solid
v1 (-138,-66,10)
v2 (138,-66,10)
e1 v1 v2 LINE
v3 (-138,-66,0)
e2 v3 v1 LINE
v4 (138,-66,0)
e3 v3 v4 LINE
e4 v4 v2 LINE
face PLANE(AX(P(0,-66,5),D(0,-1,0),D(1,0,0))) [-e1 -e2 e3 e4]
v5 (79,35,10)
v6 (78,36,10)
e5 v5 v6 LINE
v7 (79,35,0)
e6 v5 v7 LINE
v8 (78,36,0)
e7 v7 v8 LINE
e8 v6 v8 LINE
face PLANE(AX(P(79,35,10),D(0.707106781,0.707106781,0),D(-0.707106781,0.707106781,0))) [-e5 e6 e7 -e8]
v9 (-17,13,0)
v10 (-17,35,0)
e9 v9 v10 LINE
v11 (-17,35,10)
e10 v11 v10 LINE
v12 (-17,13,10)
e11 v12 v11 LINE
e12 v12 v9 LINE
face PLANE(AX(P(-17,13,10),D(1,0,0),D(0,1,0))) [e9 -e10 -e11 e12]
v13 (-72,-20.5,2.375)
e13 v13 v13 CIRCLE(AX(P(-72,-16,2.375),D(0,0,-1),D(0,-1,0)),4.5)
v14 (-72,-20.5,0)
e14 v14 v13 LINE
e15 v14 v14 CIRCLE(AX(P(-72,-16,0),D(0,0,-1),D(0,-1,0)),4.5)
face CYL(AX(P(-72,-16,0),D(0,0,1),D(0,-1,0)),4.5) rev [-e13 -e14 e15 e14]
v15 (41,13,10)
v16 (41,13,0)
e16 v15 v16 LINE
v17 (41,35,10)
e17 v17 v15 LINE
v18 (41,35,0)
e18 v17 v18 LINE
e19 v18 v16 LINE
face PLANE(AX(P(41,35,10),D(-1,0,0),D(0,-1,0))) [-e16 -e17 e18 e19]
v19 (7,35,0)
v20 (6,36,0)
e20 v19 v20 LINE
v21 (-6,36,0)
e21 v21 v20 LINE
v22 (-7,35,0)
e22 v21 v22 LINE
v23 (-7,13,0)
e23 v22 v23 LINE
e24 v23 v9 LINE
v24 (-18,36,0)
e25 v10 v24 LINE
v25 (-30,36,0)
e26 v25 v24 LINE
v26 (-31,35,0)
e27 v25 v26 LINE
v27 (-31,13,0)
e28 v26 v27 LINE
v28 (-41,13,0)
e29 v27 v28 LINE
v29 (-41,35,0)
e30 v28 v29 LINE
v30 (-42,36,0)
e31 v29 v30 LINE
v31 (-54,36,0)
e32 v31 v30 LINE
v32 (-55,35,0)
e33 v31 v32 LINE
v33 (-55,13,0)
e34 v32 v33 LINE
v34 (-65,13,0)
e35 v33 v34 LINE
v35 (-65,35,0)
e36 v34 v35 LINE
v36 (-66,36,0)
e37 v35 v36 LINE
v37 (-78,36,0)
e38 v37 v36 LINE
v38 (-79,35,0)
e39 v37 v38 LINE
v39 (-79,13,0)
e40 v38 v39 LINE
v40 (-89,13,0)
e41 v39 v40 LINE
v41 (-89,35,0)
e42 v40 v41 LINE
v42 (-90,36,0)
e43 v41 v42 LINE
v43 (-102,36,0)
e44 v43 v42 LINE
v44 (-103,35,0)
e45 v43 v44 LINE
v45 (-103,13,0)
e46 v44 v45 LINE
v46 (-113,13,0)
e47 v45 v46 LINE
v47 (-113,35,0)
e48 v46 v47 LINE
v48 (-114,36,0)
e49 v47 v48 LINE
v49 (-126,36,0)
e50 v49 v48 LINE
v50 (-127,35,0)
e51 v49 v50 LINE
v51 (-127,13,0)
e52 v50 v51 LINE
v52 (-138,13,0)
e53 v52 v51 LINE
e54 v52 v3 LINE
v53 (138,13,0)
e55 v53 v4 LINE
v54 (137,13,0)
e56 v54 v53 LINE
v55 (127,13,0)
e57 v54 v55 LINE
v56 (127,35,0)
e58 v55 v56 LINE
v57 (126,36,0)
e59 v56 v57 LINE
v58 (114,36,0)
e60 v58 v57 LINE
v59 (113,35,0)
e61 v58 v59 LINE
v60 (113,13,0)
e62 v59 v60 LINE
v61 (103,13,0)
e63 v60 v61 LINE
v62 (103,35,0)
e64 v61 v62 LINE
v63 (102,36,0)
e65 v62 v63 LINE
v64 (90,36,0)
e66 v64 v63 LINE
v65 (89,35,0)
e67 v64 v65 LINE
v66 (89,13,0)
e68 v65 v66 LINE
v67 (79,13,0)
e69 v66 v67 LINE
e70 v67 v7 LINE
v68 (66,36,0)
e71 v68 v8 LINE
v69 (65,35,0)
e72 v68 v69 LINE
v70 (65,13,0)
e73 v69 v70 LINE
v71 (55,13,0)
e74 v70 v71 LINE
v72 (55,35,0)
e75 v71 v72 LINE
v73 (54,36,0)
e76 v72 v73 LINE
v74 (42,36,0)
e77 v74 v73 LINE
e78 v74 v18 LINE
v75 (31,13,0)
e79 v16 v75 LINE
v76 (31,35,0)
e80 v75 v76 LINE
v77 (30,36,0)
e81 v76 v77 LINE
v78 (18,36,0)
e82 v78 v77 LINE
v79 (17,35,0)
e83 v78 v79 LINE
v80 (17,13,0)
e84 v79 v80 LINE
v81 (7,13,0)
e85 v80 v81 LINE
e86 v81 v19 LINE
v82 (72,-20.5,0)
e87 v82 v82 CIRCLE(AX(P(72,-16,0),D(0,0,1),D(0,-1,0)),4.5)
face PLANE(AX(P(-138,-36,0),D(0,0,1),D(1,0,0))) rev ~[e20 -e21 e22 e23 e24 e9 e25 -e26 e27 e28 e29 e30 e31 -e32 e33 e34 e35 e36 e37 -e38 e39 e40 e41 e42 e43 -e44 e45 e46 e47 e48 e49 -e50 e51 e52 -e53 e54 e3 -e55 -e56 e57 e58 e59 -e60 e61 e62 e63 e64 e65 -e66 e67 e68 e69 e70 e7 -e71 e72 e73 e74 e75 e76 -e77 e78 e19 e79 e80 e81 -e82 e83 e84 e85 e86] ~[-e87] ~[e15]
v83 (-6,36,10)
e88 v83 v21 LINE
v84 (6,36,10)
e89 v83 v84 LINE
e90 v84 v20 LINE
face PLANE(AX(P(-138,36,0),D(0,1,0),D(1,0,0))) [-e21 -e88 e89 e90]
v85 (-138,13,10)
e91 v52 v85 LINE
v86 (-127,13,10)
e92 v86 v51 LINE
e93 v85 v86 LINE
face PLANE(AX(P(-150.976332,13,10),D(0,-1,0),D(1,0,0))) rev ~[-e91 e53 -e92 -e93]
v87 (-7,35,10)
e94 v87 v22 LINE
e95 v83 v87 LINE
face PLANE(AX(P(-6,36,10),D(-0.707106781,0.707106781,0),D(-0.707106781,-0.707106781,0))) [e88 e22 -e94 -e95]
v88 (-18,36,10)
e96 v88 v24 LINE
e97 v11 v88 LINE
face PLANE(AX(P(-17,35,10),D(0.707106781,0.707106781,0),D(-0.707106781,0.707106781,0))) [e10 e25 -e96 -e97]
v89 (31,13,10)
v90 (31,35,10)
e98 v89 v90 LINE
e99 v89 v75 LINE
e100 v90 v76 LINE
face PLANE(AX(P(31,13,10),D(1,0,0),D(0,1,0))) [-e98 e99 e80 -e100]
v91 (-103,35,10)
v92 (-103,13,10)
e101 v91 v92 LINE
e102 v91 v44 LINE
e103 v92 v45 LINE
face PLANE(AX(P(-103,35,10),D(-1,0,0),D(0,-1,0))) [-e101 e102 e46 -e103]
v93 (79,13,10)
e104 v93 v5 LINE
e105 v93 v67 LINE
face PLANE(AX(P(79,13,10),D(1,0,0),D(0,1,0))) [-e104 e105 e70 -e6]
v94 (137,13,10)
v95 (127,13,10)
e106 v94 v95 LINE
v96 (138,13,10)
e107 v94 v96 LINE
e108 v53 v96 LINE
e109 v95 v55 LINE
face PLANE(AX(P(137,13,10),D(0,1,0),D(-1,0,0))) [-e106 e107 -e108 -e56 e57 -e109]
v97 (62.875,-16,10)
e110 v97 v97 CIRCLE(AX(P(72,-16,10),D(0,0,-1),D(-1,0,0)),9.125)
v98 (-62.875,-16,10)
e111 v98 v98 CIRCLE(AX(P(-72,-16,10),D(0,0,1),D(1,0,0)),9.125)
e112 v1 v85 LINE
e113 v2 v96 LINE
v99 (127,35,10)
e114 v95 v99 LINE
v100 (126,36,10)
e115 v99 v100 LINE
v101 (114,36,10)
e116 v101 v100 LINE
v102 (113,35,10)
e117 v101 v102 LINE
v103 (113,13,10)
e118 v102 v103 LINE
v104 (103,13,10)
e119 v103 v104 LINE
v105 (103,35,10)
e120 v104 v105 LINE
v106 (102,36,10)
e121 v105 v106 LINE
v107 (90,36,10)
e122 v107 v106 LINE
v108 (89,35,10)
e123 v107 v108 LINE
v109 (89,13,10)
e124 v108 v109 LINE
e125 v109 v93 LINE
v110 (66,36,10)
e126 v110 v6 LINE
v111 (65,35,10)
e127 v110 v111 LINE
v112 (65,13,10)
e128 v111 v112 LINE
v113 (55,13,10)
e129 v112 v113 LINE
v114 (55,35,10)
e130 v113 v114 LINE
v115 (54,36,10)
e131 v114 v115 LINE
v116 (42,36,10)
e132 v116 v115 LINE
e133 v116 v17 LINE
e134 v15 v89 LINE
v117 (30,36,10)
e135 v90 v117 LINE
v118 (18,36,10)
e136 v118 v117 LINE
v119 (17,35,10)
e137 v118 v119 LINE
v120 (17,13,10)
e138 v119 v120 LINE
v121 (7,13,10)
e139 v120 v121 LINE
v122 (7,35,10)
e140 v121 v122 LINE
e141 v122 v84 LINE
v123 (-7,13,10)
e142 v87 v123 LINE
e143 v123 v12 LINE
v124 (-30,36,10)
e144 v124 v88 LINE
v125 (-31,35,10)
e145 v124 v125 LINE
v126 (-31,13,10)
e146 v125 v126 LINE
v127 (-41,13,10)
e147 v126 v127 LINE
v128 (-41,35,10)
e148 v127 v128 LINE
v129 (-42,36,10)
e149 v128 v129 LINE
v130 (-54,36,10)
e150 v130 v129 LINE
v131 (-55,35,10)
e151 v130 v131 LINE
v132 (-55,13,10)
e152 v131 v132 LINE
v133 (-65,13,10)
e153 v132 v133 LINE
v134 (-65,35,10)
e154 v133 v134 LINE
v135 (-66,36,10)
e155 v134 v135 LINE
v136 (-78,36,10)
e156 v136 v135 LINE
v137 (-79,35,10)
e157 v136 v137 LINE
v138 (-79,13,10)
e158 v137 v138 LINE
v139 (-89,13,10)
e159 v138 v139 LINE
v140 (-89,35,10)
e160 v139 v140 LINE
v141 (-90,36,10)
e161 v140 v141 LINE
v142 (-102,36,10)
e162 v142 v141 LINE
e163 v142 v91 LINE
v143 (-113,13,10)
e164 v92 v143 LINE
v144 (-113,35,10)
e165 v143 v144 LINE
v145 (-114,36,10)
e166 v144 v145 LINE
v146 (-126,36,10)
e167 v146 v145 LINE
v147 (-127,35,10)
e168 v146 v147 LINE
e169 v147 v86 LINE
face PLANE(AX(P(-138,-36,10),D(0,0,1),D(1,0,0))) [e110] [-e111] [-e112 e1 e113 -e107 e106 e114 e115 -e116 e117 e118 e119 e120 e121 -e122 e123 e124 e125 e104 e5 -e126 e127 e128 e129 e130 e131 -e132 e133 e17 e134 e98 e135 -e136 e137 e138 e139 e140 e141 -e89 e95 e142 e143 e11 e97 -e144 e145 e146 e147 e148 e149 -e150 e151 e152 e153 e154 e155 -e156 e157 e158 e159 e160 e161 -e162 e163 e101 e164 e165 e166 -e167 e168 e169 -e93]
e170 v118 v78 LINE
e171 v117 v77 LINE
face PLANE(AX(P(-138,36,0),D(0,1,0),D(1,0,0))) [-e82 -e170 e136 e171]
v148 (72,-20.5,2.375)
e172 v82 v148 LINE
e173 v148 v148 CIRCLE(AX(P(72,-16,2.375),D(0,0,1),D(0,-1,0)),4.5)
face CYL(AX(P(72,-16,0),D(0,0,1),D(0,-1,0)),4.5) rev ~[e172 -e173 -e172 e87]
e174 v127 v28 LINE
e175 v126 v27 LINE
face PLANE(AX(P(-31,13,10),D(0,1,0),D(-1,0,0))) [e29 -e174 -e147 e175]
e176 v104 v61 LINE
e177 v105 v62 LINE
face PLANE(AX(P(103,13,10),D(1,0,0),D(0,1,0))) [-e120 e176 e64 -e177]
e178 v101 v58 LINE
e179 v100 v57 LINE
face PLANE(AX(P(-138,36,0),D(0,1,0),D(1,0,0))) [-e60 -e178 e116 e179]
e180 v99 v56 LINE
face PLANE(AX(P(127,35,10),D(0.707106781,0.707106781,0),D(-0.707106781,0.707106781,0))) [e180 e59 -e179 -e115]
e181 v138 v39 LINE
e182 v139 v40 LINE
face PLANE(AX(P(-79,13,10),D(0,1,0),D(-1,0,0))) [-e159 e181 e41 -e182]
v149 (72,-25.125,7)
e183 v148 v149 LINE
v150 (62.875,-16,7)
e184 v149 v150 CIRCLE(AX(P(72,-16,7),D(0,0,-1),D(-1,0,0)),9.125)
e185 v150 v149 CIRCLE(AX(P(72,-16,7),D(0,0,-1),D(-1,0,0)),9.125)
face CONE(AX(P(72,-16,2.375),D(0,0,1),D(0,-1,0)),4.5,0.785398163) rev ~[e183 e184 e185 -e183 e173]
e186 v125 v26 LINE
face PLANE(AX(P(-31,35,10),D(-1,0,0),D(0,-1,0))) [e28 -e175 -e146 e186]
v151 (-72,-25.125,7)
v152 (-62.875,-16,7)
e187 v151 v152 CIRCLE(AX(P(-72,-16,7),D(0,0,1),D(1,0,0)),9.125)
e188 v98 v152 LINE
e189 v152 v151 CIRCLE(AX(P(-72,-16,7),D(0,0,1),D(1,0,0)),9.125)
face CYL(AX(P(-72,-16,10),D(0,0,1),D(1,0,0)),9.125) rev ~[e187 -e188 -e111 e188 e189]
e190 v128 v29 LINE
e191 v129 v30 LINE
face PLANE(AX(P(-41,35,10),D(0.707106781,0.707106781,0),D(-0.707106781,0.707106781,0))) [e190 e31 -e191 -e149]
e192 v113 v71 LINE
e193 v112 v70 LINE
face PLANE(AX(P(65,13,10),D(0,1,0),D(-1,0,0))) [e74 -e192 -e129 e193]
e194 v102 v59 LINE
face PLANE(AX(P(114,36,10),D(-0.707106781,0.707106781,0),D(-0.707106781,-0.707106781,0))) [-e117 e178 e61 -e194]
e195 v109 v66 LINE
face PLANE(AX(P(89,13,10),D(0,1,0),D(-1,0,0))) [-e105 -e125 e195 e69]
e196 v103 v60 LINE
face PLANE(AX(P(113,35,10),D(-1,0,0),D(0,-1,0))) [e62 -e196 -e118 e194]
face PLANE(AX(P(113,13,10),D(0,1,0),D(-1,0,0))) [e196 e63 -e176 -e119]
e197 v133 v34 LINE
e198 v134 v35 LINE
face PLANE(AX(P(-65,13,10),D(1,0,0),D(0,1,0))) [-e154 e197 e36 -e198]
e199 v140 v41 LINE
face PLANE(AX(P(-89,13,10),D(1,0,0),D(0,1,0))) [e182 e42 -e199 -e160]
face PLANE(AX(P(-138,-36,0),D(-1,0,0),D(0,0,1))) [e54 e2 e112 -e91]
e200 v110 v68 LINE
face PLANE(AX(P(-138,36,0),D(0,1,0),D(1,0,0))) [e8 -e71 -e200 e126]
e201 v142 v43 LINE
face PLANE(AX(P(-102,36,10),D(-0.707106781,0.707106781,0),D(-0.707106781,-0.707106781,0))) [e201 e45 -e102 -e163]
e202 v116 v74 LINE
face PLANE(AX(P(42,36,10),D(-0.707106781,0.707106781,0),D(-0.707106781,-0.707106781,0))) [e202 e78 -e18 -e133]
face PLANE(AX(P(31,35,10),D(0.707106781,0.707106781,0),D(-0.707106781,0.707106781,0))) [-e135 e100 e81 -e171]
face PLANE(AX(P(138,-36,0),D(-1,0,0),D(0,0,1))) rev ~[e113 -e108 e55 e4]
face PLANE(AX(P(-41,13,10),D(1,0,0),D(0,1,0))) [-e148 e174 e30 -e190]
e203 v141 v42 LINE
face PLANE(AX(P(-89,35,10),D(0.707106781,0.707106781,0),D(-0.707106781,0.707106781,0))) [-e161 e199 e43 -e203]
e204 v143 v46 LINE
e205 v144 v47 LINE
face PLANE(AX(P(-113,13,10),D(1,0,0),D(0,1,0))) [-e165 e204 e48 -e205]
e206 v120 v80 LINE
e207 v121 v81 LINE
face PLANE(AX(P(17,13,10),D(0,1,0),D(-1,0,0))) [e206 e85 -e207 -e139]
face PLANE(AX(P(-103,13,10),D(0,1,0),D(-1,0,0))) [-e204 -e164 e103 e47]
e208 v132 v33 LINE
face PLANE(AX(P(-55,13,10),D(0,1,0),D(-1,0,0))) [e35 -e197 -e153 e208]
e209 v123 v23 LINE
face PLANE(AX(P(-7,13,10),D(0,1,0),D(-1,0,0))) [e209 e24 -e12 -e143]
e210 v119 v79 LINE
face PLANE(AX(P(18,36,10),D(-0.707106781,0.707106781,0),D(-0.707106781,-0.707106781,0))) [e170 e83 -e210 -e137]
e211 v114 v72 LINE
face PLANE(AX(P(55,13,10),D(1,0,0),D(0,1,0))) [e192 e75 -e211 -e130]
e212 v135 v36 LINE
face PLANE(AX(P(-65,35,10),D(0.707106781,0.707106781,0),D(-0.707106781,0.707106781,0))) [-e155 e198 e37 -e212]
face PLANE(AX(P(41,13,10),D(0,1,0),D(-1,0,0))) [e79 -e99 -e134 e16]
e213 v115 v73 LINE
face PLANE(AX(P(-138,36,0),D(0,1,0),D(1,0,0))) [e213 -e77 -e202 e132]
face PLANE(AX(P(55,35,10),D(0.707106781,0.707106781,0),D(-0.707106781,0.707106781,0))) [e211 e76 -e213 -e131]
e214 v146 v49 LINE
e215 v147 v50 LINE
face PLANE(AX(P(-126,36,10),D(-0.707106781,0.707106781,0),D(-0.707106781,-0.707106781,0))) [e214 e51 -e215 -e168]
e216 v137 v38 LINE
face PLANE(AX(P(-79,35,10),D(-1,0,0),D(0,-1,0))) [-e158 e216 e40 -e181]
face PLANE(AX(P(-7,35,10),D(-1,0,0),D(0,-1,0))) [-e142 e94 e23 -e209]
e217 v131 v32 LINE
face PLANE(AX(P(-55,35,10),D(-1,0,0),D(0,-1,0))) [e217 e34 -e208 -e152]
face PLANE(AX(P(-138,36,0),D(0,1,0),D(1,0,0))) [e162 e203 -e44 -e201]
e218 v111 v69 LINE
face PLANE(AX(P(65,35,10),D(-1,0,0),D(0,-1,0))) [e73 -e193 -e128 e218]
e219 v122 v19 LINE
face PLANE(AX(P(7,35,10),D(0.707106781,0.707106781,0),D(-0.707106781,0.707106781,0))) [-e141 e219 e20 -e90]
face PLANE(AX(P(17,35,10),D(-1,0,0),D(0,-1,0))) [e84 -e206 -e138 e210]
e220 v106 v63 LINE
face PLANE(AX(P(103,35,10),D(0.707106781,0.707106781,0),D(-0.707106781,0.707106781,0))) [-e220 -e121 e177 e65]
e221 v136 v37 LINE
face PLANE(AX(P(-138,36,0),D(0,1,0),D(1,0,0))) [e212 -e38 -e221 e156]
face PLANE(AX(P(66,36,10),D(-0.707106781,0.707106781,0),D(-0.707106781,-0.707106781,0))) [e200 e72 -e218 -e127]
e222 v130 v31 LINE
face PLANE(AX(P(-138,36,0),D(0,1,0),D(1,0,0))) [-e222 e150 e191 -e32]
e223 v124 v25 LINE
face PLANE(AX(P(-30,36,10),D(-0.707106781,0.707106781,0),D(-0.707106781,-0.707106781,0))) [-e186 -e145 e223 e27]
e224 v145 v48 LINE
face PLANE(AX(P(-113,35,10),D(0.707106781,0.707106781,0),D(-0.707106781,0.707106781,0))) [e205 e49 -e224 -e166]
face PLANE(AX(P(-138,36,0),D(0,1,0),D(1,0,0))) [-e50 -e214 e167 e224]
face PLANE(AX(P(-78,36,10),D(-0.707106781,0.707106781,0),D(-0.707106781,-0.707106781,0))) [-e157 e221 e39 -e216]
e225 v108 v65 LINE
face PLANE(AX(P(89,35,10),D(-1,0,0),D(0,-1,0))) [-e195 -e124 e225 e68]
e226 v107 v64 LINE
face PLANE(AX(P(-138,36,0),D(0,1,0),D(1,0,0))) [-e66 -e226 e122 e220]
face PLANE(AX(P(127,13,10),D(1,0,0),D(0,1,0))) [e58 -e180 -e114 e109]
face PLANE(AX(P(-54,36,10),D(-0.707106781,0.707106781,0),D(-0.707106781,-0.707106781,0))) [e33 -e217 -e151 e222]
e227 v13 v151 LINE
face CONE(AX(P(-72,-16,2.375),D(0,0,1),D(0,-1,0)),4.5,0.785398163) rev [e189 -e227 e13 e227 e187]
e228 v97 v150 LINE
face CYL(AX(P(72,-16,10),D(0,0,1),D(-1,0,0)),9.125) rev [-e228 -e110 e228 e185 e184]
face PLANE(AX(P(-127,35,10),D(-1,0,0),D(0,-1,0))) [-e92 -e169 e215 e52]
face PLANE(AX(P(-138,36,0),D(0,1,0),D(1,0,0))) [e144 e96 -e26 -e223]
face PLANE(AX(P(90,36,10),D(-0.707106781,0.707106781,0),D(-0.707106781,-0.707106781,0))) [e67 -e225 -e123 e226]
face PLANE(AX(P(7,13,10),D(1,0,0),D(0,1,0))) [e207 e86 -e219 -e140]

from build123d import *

# Parameters (mm, degrees)
SKETCH_1_W                  = 276
SKETCH_1_H                  = 72
EXTRUDE_1_DEPTH             = 10
CUT_EXTRUDE_1_DEPTH         = 10
SKETCH_6_W                  = 276
SKETCH_6_H                  = 10
EXTRUDE_2_DEPTH             = 30
PATTERN_LINEAR_2_COUNT      = 7
PATTERN_LINEAR_2_PITCH      = 24
PATTERN_LINEAR_2_COUNT_DIR2 = 7
PATTERN_LINEAR_2_PITCH_DIR2 = 24
SKETCH_3_R                  = 4
CUT_EXTRUDE_2_DEPTH         = 10
SKETCH_7_R                  = 9.125
CUT_EXTRUDE_3_DEPTH         = 3
SKETCH_13_W                 = 13.976331663
SKETCH_13_H                 = 30.85518014
SKETCH_13_W_2               = 8.289840829
SKETCH_13_H_2               = 27.158961097
CUT_EXTRUDE_4_DEPTH         = 10


with BuildPart() as part:
    # Эскиз1 → Бобышка-Вытянуть1 (new body)
    with BuildSketch(Plane.XY):
        Rectangle(SKETCH_1_W, SKETCH_1_H)
    extrude(amount=EXTRUDE_1_DEPTH)

    # Эскиз2 → Вырез-Вытянуть1 (cut)
    with BuildSketch(Plane.XY.offset(10)):
        Polygon((-18, 36), (-6, 36), (-7, 35), (-7, 13), (-17, 13), (-17, 35), align=None)
    cut_extrude_1 = extrude(amount=-CUT_EXTRUDE_1_DEPTH, mode=Mode.SUBTRACT)

    # Эскиз6 → Бобышка-Вытянуть2 (add)
    with BuildSketch(Plane.XZ.offset(36)):
        with Locations((0, 5)):
            Rectangle(SKETCH_6_W, SKETCH_6_H)
    extrude(amount=EXTRUDE_2_DEPTH)

    # Линейный массив2: Cut-Extrude 1 7 × 7
    with Locations(*[Vector(1, 0, 0) * (i * PATTERN_LINEAR_2_PITCH) + Vector(-1, 0, 0) * (j * PATTERN_LINEAR_2_PITCH_DIR2) for i in range(PATTERN_LINEAR_2_COUNT) for j in range(PATTERN_LINEAR_2_COUNT_DIR2) if (i, j) != (0, 0)]):
        add(cut_extrude_1, mode=Mode.SUBTRACT)

    # Эскиз3 → Вырез-Вытянуть2 (cut)
    with BuildSketch(Plane.XY.offset(10)):
        with Locations((-72, -16)):
            Circle(SKETCH_3_R)
    cut_extrude_2 = extrude(amount=-CUT_EXTRUDE_2_DEPTH, mode=Mode.SUBTRACT)

    # Эскиз7 → Вырез-Вытянуть3 (cut)
    with BuildSketch(Plane.XY.offset(10)):
        with Locations((-72, -16)):
            Circle(SKETCH_7_R)
    cut_extrude_3 = extrude(amount=-CUT_EXTRUDE_3_DEPTH, mode=Mode.SUBTRACT)

    # Эскиз12 → Зенковка для винта с потайной головкой и внутренним шестигранником M82 (revolve, cut)
    with BuildSketch(Plane(origin=(-72, -16, 7), x_dir=(0, -1, 0), z_dir=(1, 0, 0))):
        Polygon((0, 0), (0, 7), (4.5, 7), (4.5, 4.625), (9.125, 0), align=None)
    hole_wizard_m82 = revolve(axis=Axis((-72, -16, 13.35), (0, 0, -1)), mode=Mode.SUBTRACT)

    # Зеркальное отражение2: Вырез-Вытянуть2, Вырез-Вытянуть3, Зенковка для винта с потайной головкой и внутренним шестигранником M82 across plane
    add(cut_extrude_2.mirror(Plane(origin=(0, 0, 0), x_dir=(0, 0, 1), z_dir=(1, 0, 0))), mode=Mode.SUBTRACT)
    add(cut_extrude_3.mirror(Plane(origin=(0, 0, 0), x_dir=(0, 0, 1), z_dir=(1, 0, 0))), mode=Mode.SUBTRACT)
    add(hole_wizard_m82.mirror(Plane(origin=(0, 0, 0), x_dir=(0, 0, 1), z_dir=(1, 0, 0))), mode=Mode.SUBTRACT)

    # Эскиз13 → Вырез-Вытянуть4 (cut)
    with BuildSketch(Plane.XY.offset(10)):
        with Locations((-143.988165831, 28.42759007)):
            Rectangle(SKETCH_13_W, SKETCH_13_H)
        with Locations((141.144920415, 26.579480549)):
            Rectangle(SKETCH_13_W_2, SKETCH_13_H_2)
    extrude(amount=-CUT_EXTRUDE_4_DEPTH, mode=Mode.SUBTRACT)


solid = part.part
